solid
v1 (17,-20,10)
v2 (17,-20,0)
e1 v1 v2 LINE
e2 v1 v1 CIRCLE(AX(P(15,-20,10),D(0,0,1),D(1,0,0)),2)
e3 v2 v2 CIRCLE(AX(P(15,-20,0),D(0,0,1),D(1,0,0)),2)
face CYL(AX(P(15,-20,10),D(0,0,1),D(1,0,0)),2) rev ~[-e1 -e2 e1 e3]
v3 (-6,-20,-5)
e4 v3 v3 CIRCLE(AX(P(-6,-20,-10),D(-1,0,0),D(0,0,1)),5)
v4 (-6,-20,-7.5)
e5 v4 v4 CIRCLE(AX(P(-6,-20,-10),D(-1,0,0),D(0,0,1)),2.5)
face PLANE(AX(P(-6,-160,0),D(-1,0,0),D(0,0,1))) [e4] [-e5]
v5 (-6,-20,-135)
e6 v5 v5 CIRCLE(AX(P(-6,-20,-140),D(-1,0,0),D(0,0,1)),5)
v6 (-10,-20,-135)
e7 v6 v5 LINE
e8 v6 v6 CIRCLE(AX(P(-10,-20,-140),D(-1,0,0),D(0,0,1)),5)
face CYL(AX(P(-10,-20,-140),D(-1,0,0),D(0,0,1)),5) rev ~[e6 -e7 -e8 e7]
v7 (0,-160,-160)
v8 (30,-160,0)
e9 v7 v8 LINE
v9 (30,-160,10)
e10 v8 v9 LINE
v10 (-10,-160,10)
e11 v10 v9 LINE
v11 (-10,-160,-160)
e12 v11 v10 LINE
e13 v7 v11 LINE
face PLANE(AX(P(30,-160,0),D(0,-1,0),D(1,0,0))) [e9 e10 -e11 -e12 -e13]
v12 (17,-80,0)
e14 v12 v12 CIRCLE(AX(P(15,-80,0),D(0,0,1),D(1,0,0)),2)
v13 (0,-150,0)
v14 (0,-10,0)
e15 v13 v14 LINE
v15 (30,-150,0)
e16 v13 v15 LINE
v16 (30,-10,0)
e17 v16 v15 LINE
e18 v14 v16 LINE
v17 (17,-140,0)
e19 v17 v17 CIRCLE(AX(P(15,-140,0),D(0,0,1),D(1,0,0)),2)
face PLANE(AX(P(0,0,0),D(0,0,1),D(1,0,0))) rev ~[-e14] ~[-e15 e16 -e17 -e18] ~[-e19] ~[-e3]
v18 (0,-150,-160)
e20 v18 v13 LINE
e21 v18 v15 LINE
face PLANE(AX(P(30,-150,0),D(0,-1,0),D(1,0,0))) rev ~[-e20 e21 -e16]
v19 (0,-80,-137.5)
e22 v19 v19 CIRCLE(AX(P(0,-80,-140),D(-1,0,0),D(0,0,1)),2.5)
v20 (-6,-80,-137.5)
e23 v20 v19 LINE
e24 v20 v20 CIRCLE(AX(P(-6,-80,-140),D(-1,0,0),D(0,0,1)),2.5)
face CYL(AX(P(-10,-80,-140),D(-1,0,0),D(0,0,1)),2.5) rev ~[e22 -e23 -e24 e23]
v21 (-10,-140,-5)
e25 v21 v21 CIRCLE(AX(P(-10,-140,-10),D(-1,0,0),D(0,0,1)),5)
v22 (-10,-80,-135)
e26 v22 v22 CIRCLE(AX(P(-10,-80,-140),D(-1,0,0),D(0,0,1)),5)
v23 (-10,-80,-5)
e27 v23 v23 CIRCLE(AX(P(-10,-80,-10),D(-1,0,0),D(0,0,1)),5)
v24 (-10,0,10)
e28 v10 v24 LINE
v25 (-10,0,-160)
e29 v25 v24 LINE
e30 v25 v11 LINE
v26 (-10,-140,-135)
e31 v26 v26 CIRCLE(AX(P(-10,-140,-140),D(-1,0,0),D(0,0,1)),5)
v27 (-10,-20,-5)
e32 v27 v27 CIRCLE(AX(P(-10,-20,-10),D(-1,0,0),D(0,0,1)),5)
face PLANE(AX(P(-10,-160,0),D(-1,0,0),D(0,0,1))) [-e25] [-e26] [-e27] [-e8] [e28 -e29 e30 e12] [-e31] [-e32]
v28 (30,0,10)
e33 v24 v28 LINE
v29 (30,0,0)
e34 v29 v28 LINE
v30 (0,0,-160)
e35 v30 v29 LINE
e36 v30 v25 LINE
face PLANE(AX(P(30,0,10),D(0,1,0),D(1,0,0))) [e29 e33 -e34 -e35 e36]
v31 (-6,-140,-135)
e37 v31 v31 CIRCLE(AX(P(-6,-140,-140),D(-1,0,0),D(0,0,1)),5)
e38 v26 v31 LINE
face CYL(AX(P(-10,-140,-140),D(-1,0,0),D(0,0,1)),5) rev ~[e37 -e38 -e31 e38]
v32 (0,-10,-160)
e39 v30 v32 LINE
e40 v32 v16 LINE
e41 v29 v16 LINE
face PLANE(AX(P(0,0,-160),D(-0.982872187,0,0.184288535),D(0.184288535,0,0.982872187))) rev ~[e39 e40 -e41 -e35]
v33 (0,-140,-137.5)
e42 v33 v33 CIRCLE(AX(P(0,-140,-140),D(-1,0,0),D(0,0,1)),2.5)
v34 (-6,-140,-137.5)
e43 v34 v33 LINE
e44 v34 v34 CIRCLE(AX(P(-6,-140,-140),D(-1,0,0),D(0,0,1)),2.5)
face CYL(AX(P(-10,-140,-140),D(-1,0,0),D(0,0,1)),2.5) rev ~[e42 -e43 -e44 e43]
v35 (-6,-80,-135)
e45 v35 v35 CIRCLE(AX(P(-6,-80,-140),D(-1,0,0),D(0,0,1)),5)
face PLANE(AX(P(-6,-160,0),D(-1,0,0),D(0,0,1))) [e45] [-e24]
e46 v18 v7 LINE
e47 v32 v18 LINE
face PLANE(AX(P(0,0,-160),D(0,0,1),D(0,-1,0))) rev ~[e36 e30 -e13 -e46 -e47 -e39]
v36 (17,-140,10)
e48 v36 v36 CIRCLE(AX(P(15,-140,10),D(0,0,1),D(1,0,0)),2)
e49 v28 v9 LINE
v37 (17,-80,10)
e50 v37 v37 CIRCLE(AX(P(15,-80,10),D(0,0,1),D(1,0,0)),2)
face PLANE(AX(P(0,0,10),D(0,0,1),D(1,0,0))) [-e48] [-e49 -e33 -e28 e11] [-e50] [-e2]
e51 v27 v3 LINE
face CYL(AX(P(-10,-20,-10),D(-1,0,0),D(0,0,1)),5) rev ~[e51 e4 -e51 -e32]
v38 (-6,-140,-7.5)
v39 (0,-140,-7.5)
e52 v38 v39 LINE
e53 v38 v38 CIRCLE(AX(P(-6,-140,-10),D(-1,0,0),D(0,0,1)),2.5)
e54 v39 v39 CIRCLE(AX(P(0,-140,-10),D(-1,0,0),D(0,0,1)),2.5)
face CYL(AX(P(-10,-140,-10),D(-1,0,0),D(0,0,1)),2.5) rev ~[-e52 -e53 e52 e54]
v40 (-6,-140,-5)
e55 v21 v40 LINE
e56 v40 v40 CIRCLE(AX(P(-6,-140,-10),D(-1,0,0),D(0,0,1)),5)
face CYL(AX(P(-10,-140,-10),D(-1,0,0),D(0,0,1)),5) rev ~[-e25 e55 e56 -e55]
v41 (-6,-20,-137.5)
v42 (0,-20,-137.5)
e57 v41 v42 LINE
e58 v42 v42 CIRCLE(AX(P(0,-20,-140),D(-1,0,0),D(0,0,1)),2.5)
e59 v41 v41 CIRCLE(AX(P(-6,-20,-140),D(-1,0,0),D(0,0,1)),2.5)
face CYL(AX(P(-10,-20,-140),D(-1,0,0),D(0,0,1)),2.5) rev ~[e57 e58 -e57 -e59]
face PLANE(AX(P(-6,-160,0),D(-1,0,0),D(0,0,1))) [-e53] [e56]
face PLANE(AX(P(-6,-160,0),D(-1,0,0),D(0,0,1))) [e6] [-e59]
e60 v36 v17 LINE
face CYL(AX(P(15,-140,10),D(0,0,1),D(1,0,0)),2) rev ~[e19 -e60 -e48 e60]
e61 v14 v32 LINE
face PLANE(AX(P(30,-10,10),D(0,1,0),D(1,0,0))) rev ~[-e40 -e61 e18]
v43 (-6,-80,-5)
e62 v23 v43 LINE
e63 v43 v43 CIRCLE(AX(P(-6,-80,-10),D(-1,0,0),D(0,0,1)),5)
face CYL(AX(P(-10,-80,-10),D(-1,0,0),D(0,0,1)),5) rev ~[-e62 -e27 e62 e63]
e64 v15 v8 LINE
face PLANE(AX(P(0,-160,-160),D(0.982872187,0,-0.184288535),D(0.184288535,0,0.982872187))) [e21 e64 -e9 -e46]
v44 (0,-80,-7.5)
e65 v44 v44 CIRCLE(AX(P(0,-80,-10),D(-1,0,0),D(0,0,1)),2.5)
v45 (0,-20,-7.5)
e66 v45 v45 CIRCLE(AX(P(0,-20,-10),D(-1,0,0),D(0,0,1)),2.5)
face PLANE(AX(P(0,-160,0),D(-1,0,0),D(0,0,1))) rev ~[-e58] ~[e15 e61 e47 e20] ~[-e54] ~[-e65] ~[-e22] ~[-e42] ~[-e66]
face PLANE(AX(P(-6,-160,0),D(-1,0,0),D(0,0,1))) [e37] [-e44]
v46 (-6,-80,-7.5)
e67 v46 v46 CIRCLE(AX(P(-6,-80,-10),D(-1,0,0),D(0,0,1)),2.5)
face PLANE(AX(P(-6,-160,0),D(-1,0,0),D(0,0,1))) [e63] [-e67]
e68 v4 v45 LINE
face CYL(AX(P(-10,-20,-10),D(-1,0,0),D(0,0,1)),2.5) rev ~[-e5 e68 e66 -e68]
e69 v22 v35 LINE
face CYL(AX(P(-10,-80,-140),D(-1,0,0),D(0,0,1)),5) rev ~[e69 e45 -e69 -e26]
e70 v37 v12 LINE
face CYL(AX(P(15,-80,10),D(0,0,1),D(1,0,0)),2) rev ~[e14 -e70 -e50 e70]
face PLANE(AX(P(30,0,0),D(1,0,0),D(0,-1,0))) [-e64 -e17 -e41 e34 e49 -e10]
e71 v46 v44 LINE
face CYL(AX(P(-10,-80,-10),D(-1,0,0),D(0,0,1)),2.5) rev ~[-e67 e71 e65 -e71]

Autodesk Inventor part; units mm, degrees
ref_plane "YZ Plane" through (0, 0, 0) normal (1, 0, 0) x (0, 1, 0)
ref_plane "XZ Plane" through (0, 0, 0) normal (0, 1, 0) x (-1, 0, 0)
ref_plane "XY Plane" through (0, 0, 0) normal (0, 0, 1) x (1, 0, 0)
sketch "Sketch21" plane through (0, 0, 0) normal (0, 0, 1) x (1, 0, 0)
  line L0 (0, 0) -> (30, 0)
  line L1 (30, 0) -> (30, -160)
  line L2 (30, -160) -> (0, -160)
  line L3 (0, -160) -> (0, 0)
  dimension "d53" = 30
  dimension "d1" = 160
extrude "Extrusion15" add sketch "Sketch21" along normal blind 10
sketch "Sketch22" plane through (0, -160, 0) normal (-1, 0, 0) x (0, 0, 1)
  line L0 (0, 160) -> (10, 160) projected
  line L1 (10, 160) -> (-160, 160)
  line L2 (-160, 160) -> (-160, 0)
  line L3 (-160, 0) -> (10, 0)
  line L4 (10, 0) -> (10, 160)
  dimension "d57" = 170
  dimension "d58" = 160
extrude "Extrusion16" add sketch "Sketch22" along normal blind 10
sketch "Sketch23" plane through (30, 0, 10) normal (0, 1, 0) x (1, 0, 0)
  line L0 (-30, 170) -> (-40, 170) projected
  line L1 (0, 10) -> (0, 0) projected
  line L2 (-30, 170) -> (0, 10)
  line L3 (-30, 10) -> (0, 10) projected
  line L4 (0, 10) -> (-30, 10)
  line L5 (-30, 10) -> (-30, 170)
  line L6 (-40, 170) -> (-40, 0) projected
extrude "Extrusion17" add sketch "Sketch23" against normal blind 10
sketch "Sketch24" plane through (30, -160, 0) normal (0, -1, 0) x (1, 0, 0)
  line L0 (-30, -160) -> (-40, -160) projected
  line L1 (-30, 0) -> (0, 0) projected
  line L2 (-30, -160) -> (-30, 0)
  line L3 (0, 0) -> (0, 10) projected
  line L4 (-30, 0) -> (0, 0)
  line L5 (-30, -160) -> (0, 0) projected
  line L6 (0, 0) -> (-30, -160)
extrude "Extrusion18" add sketch "Sketch24" against normal blind 10
sketch "Sketch25" plane through (0, 0, 10) normal (0, 0, 1) x (1, 0, 0)
  circle A0 centre (15, -20) radius 2
  circle A1 centre (15, -80) radius 2
  circle A2 centre (15, -140) radius 2
  line L0 (30, -160) -> (-10, -160) projected
  line L1 (30, 0) -> (-10, 0) projected
  point P0 (0, 0)
  dimension "d65" = 4
  dimension "d66" = 4
  dimension "d67" = 4
  dimension "d70" = 20
  dimension "d71" = 20
  dimension "d72" = 80
extrude "Extrusion19" cut sketch "Sketch25" against normal blind 20
sketch "Sketch27" plane through (-10, -160, 0) normal (-1, 0, 0) x (0, 0, 1)
  circle A0 centre (-10, 20) radius 2.5
  line L0 (-160, 0) -> (10, 0) projected
  circle A1 centre (-10, 80) radius 2.5
  circle A2 centre (-10, 140) radius 2.5
  line L1 (10, 160) -> (-160, 160) projected
  line L2 (10, 0) -> (10, 160) projected
  circle A3 centre (-140, 80) radius 2.5
  line L3 (-160, 160) -> (-160, 0) projected
  circle A4 centre (-140, 20) radius 2.5
  circle A5 centre (-140, 140) radius 2.5
  point P0 (0, 160)
  dimension "d73" = 20
  dimension "d74" = 5
  dimension "d75" = 5
  dimension "d76" = 80
  dimension "d77" = 5
  dimension "d78" = 20
  dimension "d79" = 20
  dimension "d80" = 20
  dimension "d81" = 20
  dimension "d84" = 5
  dimension "d85" = 20
  dimension "d86" = 80
  dimension "d87" = 5
  dimension "d88" = 20
  dimension "d89" = 20
  dimension "d90" = 5
  dimension "d91" = 20
  dimension "d92" = 20
extrude "Extrusion20" cut sketch "Sketch27" against normal blind 20 contours A0 | A1 | A2 | A3 | A4 | A5
sketch "Sketch29" plane through (-10, -160, 0) normal (-1, 0, 0) x (0, 0, 1)
  circle A0 centre (-140, 80) radius 2.5 projected
  circle A1 centre (-140, 80) radius 5
  circle A2 centre (-140, 20) radius 2.5 projected
  circle A3 centre (-140, 20) radius 5
  circle A4 centre (-140, 140) radius 2.5 projected
  circle A5 centre (-140, 140) radius 5
  circle A6 centre (-10, 20) radius 2.5 projected
  circle A7 centre (-10, 20) radius 5
  circle A8 centre (-10, 80) radius 2.5 projected
  circle A9 centre (-10, 80) radius 5
  circle A10 centre (-10, 140) radius 2.5 projected
  circle A11 centre (-10, 140) radius 5
  point P0 (0, 160)
  dimension "d93" = 10
  dimension "d94" = 10
  dimension "d95" = 10
  dimension "d96" = 10
  dimension "d97" = 10
  dimension "d98" = 10
extrude "Extrusion21" cut sketch "Sketch29" against normal blind 4 contours A0 | A1 | A2 | A3 | A4 | A5 | A6 | A7 | A8 | A9 | A10 | A11
equation "\"d58\" = d1"
equation "\"d65\" = d67"
equation "\"d66\" = d67"
equation "\"d71\" = d70"
equation "\"d73\" = d70"
equation "\"d74\" = d75"
equation "\"d76\" = d72"
equation "\"d77\" = d75"
equation "\"d78\" = d70"
equation "\"d80\" = d79"
equation "\"d81\" = d79"
equation "\"d84\" = d75"
equation "\"d85\" = d79"
equation "\"d86\" = d72"
equation "\"d87\" = d75"
equation "\"d88\" = d79"
equation "\"d89\" = d70"
equation "\"d90\" = d75"
equation "\"d91\" = d79"
equation "\"d92\" = d70"
equation "\"d94\" = d93"
equation "\"d95\" = d93"
equation "\"d96\" = d93"
equation "\"d97\" = d93"
equation "\"d98\" = d93"
properties part number "bracket_v02"
